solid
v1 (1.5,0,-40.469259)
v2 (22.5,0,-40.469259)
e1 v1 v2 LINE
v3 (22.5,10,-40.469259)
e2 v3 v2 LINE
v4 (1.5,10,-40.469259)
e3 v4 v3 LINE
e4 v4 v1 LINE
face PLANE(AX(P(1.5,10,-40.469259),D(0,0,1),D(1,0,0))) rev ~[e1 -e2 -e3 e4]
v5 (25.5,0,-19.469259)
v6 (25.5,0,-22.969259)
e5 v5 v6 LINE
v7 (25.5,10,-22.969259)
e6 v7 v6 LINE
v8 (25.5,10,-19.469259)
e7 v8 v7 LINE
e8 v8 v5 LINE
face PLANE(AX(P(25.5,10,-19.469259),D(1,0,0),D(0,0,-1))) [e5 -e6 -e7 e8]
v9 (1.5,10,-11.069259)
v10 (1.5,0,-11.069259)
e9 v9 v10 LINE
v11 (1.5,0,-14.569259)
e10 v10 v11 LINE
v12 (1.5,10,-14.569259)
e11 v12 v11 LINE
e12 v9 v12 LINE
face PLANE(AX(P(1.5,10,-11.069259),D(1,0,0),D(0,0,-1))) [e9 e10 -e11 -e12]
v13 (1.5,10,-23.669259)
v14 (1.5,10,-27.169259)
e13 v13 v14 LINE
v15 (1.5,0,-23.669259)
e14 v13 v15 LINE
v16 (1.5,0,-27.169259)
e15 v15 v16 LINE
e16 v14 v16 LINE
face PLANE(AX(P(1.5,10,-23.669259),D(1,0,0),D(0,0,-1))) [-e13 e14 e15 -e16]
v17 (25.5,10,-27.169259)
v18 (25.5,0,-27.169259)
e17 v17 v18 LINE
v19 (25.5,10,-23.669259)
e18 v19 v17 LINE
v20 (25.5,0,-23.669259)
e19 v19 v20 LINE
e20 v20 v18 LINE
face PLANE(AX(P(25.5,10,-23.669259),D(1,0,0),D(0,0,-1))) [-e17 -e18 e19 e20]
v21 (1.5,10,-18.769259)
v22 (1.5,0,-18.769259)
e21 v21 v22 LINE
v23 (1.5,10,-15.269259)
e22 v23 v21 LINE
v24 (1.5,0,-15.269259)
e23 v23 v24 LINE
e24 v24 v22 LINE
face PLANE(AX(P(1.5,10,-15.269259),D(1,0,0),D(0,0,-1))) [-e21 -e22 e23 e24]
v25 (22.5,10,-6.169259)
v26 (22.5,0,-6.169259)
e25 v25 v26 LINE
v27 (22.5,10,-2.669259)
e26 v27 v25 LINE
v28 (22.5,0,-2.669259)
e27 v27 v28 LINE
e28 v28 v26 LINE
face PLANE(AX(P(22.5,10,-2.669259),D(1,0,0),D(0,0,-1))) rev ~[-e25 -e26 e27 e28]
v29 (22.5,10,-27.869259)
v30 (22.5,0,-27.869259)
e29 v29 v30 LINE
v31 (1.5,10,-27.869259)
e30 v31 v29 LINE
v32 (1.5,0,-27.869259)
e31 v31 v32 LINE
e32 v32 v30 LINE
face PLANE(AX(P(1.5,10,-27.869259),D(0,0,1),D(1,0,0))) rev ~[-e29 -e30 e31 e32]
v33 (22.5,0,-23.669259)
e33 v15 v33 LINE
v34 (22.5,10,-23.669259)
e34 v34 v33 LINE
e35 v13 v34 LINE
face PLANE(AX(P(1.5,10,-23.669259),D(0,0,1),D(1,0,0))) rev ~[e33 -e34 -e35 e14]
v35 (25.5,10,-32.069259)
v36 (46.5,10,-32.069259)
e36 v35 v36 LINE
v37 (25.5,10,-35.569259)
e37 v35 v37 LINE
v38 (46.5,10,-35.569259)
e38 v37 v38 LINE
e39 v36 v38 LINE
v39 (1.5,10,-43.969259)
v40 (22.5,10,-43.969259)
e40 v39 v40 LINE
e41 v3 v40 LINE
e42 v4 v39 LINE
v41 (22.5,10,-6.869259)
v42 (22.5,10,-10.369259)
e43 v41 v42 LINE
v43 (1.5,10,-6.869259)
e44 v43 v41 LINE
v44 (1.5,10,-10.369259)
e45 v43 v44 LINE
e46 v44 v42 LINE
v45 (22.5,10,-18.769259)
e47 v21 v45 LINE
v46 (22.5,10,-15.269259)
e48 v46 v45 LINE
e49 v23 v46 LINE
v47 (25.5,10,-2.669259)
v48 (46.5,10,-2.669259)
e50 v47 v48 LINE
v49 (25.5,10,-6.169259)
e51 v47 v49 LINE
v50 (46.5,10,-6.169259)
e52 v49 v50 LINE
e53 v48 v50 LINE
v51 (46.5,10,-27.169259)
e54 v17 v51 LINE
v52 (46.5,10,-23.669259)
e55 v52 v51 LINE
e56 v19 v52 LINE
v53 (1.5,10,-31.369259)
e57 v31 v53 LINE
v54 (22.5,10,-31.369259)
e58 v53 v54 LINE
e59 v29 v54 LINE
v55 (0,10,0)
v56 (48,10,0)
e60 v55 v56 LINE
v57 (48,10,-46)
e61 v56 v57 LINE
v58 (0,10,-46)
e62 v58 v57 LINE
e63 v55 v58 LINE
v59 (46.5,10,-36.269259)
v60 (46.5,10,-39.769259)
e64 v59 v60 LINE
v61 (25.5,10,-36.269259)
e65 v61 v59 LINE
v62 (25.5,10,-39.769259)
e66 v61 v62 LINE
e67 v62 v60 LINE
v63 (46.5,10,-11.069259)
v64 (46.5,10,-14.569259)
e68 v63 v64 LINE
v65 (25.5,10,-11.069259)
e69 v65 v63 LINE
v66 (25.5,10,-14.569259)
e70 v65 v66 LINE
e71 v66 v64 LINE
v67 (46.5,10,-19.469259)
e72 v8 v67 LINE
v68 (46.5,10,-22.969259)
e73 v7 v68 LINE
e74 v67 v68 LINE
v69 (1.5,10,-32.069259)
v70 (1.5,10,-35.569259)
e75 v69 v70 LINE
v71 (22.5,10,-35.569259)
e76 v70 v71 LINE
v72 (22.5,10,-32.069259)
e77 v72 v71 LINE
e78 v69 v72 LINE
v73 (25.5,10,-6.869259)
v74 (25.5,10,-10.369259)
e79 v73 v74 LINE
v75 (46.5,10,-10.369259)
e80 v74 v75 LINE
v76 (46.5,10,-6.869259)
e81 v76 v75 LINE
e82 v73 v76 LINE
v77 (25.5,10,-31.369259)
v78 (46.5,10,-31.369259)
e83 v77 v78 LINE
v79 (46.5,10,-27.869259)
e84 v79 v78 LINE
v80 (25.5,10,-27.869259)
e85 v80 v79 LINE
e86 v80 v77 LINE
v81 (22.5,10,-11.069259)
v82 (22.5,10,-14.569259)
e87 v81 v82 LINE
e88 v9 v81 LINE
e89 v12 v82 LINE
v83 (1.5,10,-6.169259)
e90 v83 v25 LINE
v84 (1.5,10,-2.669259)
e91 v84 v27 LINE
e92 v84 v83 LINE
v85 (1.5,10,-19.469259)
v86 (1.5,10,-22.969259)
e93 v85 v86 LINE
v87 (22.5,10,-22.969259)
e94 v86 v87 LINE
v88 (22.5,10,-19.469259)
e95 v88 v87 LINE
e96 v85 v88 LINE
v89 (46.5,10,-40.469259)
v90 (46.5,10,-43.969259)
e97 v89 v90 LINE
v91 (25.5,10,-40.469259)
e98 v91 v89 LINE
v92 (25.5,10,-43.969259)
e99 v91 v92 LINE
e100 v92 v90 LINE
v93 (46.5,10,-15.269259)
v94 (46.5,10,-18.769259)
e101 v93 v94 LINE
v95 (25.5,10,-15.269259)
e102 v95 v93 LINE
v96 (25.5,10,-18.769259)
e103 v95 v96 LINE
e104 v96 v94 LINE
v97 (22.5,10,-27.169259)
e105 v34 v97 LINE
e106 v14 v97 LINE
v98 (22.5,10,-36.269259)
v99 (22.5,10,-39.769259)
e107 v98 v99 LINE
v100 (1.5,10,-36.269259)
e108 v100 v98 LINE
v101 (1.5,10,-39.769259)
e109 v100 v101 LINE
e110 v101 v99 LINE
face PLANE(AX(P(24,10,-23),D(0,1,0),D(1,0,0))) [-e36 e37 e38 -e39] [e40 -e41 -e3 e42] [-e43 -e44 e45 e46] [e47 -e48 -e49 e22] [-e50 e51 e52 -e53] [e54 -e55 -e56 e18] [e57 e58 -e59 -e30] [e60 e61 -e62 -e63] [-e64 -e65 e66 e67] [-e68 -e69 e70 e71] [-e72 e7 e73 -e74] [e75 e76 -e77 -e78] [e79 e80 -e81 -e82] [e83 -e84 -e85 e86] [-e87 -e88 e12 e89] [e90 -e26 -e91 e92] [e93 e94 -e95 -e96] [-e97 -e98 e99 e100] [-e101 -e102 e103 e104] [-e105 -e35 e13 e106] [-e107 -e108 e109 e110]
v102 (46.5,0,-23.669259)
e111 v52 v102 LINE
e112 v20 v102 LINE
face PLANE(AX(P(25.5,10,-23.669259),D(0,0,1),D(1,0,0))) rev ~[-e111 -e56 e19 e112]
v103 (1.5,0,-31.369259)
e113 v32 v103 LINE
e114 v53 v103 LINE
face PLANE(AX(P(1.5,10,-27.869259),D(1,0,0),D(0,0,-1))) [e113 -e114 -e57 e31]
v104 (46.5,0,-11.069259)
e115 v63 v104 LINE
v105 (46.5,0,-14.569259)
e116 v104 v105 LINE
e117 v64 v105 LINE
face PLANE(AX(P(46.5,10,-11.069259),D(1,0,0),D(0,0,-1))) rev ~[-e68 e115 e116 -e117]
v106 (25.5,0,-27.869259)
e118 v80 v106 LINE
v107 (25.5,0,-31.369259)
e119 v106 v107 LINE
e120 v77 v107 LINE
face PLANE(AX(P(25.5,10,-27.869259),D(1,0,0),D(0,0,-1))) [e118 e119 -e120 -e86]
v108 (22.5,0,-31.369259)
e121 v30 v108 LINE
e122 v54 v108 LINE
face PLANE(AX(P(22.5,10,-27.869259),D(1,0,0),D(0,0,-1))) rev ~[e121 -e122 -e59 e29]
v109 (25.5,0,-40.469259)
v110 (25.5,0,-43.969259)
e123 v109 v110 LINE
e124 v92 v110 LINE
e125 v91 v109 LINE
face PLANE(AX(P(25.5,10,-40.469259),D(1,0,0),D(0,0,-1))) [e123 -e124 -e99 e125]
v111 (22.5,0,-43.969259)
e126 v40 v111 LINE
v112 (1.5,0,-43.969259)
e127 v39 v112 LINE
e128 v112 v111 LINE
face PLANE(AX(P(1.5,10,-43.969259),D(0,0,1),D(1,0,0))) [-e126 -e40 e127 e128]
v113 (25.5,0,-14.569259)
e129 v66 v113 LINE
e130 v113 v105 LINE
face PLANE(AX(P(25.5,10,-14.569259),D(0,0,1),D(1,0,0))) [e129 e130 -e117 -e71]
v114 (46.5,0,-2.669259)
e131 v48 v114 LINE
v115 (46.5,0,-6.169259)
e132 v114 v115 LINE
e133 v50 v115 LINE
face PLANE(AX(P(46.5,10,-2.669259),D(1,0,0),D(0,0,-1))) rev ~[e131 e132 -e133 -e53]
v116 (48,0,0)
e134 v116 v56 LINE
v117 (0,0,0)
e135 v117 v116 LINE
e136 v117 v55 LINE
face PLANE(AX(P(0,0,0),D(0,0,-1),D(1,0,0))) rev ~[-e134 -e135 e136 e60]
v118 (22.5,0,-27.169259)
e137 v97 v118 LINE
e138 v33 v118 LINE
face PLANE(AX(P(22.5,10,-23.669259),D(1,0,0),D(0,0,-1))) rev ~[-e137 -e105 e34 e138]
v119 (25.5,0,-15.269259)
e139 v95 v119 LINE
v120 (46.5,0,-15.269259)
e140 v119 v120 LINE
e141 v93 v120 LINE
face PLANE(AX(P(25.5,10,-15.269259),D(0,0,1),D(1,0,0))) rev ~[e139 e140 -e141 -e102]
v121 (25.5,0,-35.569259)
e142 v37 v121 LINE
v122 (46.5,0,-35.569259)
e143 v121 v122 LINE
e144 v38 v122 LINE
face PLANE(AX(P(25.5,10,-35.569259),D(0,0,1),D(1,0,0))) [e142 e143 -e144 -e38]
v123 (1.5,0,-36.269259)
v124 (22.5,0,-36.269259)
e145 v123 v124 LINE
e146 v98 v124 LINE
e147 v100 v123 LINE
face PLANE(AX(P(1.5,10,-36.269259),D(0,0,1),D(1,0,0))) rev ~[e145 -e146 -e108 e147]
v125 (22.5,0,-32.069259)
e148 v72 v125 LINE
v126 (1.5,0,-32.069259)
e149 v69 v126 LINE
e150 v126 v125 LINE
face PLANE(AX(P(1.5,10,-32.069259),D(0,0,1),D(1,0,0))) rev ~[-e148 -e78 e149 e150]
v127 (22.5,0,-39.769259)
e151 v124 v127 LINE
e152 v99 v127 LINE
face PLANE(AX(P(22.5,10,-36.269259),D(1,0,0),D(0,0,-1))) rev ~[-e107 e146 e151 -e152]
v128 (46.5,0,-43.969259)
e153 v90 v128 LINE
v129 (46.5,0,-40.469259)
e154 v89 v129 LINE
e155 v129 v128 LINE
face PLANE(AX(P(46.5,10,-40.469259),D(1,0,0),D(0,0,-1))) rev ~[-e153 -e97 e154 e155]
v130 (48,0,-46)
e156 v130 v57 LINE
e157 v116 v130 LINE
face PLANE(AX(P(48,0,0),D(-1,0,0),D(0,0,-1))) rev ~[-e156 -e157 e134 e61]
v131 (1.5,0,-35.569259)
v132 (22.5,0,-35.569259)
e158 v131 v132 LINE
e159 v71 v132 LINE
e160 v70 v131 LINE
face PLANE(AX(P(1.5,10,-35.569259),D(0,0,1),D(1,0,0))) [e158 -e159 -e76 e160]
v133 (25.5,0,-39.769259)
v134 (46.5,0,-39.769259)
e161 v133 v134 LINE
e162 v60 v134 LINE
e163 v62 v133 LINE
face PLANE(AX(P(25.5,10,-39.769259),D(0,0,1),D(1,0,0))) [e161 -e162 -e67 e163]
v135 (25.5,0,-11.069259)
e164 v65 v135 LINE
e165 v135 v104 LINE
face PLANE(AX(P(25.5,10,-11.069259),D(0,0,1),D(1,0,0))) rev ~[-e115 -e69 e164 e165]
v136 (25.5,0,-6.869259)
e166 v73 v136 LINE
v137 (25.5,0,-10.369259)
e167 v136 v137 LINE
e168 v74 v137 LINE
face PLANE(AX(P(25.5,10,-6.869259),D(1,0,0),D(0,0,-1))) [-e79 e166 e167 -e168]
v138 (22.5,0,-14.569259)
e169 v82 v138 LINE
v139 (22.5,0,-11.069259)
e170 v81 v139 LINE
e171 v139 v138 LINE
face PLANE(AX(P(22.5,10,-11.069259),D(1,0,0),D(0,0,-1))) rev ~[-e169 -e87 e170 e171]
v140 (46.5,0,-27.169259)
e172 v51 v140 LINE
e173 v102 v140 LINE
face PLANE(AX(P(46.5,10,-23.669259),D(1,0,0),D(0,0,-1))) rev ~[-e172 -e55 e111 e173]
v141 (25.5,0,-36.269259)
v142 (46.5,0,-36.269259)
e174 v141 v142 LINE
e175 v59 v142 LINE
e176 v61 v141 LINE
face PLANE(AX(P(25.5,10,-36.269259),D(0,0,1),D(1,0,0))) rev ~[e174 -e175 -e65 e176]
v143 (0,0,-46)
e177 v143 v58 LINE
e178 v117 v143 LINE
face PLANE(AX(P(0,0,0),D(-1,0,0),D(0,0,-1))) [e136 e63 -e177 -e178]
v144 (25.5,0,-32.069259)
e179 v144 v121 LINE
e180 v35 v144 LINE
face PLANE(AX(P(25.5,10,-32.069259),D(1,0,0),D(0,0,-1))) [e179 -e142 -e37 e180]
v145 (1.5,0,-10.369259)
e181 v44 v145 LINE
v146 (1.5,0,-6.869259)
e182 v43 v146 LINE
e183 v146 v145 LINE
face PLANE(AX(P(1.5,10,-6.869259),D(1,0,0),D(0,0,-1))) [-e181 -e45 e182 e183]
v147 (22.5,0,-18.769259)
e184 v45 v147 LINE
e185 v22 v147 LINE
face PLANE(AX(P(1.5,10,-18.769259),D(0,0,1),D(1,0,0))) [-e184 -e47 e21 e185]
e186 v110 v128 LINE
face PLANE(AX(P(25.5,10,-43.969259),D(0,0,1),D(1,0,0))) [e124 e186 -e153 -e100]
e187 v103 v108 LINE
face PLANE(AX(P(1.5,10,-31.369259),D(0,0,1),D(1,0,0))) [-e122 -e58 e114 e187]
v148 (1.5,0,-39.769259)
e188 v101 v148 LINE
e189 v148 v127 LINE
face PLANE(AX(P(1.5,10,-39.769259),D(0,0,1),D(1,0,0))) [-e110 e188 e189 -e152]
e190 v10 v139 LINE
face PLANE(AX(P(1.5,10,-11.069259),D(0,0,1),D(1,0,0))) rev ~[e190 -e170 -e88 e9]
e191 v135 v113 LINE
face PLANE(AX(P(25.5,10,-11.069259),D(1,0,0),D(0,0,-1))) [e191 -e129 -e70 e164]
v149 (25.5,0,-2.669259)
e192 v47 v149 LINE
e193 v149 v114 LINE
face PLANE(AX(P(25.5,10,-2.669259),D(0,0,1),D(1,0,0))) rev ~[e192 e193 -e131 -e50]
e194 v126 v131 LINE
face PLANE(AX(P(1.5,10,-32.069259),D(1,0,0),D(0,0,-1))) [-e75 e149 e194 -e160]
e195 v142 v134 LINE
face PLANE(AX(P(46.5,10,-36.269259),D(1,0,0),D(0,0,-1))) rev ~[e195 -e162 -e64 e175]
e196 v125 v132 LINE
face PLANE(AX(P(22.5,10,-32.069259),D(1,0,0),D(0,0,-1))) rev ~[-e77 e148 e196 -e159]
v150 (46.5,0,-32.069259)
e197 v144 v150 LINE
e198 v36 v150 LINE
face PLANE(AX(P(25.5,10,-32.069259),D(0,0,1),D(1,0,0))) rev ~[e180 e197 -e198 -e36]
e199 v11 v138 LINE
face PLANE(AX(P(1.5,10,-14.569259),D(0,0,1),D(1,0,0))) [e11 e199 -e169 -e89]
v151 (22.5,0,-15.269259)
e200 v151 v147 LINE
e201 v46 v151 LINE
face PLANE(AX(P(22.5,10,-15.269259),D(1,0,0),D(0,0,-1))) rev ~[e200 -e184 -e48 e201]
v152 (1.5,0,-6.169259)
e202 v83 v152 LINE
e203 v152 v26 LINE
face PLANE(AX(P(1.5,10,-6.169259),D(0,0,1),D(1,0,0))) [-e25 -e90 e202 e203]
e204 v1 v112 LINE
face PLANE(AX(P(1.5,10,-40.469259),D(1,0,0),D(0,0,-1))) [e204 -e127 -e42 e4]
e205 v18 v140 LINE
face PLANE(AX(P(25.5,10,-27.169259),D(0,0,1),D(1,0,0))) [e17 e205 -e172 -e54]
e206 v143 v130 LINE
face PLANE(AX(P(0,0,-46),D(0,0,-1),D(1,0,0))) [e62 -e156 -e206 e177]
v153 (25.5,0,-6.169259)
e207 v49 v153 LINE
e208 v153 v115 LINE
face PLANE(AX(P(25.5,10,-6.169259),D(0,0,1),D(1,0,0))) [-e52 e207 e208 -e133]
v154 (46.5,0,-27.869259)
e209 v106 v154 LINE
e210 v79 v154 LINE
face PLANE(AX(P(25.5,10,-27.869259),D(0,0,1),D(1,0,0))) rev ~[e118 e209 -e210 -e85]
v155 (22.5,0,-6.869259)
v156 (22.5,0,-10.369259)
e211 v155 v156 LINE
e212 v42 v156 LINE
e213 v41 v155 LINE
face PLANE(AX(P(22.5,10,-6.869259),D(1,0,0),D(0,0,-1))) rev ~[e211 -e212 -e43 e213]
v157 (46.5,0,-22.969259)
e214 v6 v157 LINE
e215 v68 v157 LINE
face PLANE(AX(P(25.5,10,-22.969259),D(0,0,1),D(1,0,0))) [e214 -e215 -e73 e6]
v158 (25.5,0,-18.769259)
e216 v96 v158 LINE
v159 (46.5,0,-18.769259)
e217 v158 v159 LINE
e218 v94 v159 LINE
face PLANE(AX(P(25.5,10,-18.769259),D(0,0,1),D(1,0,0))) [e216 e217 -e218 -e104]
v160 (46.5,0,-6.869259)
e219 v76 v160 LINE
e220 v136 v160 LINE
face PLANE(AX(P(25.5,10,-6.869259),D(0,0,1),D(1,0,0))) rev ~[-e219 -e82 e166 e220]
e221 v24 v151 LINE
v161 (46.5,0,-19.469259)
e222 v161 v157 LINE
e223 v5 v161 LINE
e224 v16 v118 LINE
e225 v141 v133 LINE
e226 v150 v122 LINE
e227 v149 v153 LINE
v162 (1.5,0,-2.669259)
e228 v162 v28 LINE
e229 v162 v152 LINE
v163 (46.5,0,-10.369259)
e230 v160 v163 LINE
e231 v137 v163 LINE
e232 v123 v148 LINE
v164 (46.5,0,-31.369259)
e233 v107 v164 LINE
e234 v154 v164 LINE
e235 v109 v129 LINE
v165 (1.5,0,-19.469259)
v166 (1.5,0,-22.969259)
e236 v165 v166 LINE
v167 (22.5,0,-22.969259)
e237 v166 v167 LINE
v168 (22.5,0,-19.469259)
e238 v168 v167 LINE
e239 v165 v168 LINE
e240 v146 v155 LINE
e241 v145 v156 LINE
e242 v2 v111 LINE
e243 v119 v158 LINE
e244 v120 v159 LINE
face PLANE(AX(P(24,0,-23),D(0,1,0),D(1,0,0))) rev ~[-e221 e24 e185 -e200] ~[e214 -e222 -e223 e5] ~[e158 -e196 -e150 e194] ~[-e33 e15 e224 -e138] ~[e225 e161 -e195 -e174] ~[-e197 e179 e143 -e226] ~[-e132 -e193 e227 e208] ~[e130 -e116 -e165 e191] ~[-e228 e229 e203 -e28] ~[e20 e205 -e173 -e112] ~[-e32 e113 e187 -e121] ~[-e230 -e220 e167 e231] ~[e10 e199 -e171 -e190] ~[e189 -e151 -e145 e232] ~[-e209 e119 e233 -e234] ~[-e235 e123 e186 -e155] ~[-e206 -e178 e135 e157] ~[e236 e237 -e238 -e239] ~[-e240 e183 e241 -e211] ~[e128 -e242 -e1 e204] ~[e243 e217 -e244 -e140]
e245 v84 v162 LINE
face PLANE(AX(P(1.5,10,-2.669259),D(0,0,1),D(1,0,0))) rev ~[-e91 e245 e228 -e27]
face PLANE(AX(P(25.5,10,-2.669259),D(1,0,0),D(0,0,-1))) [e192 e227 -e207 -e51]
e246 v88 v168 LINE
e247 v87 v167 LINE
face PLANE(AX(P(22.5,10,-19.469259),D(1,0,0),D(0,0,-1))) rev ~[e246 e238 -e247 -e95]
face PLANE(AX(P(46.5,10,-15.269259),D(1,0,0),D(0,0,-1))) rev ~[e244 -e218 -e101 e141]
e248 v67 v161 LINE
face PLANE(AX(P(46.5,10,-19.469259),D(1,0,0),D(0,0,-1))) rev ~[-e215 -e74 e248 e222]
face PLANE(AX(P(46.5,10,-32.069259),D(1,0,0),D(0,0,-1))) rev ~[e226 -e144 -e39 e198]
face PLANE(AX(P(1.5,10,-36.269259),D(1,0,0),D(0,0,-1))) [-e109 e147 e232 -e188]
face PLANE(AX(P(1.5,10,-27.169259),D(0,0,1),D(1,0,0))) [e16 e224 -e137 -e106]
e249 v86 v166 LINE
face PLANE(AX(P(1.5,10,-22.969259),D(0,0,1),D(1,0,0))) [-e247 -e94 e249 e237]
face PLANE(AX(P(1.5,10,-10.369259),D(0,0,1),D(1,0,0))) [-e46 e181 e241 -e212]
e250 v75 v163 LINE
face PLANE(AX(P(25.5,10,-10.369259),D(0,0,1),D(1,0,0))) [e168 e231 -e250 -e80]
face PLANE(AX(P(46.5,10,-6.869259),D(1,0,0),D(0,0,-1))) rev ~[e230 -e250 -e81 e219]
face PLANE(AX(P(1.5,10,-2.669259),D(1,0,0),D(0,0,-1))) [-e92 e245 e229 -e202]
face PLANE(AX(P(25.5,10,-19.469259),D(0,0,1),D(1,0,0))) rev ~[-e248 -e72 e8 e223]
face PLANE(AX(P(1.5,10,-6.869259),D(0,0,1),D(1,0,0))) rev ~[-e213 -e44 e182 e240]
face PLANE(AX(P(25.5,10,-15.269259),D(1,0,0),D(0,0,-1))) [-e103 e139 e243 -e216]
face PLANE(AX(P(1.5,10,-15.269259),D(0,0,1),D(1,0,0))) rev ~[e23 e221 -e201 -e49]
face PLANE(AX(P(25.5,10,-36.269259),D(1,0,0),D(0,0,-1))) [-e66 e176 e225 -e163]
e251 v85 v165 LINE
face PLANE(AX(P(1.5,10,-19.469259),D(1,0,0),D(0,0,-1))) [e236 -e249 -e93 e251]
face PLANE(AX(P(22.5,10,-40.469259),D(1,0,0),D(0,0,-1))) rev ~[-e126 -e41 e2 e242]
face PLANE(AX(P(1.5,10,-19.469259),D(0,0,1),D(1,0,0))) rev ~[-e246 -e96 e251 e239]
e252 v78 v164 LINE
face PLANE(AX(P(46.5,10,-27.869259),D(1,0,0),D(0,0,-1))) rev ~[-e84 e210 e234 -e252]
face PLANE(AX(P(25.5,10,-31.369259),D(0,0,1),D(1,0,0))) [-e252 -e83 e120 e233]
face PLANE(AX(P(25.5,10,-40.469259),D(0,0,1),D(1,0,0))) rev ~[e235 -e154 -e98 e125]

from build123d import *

# Parameters (mm, degrees)
ESQUISSE1_W             = 48
ESQUISSE1_H             = 46
BOSS_EXTRU_1_DEPTH      = 10
ESQUISSE3_W             = 21
ESQUISSE3_H             = 3.5
ENL_V_MAT_EXTRU_1_DEPTH = 10


with BuildPart() as part:
    # Esquisse1 → Boss.-Extru.1 (new body)
    with BuildSketch(Plane(origin=(0, 0, 0), x_dir=(1, 0, 0), z_dir=(0, 1, 0))):
        with Locations((24, 23)):
            Rectangle(ESQUISSE1_W, ESQUISSE1_H)
    extrude(amount=BOSS_EXTRU_1_DEPTH)

    # Esquisse3 → Enlèv. mat.-Extru.1 (cut)
    with BuildSketch(Plane(origin=(0, 10, 0), x_dir=(1, 0, 0), z_dir=(0, 1, 0))):
        with Locations((36, 4.419258555)):
            Rectangle(ESQUISSE3_W, ESQUISSE3_H)
        with Locations((36, 8.619258555)):
            Rectangle(ESQUISSE3_W, ESQUISSE3_H)
        with Locations((36, 12.819258555)):
            Rectangle(ESQUISSE3_W, ESQUISSE3_H)
        with Locations((36, 17.019258555)):
            Rectangle(ESQUISSE3_W, ESQUISSE3_H)
        with Locations((36, 21.219258555)):
            Rectangle(ESQUISSE3_W, ESQUISSE3_H)
        with Locations((36, 25.419258555)):
            Rectangle(ESQUISSE3_W, ESQUISSE3_H)
        with Locations((36, 29.619258555)):
            Rectangle(ESQUISSE3_W, ESQUISSE3_H)
        with Locations((36, 33.819258555)):
            Rectangle(ESQUISSE3_W, ESQUISSE3_H)
        with Locations((36, 38.019258555)):
            Rectangle(ESQUISSE3_W, ESQUISSE3_H)
        with Locations((36, 42.219258555)):
            Rectangle(ESQUISSE3_W, ESQUISSE3_H)
        with Locations((12, 4.419258555)):
            Rectangle(ESQUISSE3_W, ESQUISSE3_H)
        with Locations((12, 8.619258555)):
            Rectangle(ESQUISSE3_W, ESQUISSE3_H)
        with Locations((12, 12.819258555)):
            Rectangle(ESQUISSE3_W, ESQUISSE3_H)
        with Locations((12, 17.019258555)):
            Rectangle(ESQUISSE3_W, ESQUISSE3_H)
        with Locations((12, 21.219258555)):
            Rectangle(ESQUISSE3_W, ESQUISSE3_H)
        with Locations((12, 25.419258555)):
            Rectangle(ESQUISSE3_W, ESQUISSE3_H)
        with Locations((12, 29.619258555)):
            Rectangle(ESQUISSE3_W, ESQUISSE3_H)
        with Locations((12, 33.819258555)):
            Rectangle(ESQUISSE3_W, ESQUISSE3_H)
        with Locations((12, 38.019258555)):
            Rectangle(ESQUISSE3_W, ESQUISSE3_H)
        with Locations((12, 42.219258555)):
            Rectangle(ESQUISSE3_W, ESQUISSE3_H)
    extrude(amount=-ENL_V_MAT_EXTRU_1_DEPTH, mode=Mode.SUBTRACT)


solid = part.part
